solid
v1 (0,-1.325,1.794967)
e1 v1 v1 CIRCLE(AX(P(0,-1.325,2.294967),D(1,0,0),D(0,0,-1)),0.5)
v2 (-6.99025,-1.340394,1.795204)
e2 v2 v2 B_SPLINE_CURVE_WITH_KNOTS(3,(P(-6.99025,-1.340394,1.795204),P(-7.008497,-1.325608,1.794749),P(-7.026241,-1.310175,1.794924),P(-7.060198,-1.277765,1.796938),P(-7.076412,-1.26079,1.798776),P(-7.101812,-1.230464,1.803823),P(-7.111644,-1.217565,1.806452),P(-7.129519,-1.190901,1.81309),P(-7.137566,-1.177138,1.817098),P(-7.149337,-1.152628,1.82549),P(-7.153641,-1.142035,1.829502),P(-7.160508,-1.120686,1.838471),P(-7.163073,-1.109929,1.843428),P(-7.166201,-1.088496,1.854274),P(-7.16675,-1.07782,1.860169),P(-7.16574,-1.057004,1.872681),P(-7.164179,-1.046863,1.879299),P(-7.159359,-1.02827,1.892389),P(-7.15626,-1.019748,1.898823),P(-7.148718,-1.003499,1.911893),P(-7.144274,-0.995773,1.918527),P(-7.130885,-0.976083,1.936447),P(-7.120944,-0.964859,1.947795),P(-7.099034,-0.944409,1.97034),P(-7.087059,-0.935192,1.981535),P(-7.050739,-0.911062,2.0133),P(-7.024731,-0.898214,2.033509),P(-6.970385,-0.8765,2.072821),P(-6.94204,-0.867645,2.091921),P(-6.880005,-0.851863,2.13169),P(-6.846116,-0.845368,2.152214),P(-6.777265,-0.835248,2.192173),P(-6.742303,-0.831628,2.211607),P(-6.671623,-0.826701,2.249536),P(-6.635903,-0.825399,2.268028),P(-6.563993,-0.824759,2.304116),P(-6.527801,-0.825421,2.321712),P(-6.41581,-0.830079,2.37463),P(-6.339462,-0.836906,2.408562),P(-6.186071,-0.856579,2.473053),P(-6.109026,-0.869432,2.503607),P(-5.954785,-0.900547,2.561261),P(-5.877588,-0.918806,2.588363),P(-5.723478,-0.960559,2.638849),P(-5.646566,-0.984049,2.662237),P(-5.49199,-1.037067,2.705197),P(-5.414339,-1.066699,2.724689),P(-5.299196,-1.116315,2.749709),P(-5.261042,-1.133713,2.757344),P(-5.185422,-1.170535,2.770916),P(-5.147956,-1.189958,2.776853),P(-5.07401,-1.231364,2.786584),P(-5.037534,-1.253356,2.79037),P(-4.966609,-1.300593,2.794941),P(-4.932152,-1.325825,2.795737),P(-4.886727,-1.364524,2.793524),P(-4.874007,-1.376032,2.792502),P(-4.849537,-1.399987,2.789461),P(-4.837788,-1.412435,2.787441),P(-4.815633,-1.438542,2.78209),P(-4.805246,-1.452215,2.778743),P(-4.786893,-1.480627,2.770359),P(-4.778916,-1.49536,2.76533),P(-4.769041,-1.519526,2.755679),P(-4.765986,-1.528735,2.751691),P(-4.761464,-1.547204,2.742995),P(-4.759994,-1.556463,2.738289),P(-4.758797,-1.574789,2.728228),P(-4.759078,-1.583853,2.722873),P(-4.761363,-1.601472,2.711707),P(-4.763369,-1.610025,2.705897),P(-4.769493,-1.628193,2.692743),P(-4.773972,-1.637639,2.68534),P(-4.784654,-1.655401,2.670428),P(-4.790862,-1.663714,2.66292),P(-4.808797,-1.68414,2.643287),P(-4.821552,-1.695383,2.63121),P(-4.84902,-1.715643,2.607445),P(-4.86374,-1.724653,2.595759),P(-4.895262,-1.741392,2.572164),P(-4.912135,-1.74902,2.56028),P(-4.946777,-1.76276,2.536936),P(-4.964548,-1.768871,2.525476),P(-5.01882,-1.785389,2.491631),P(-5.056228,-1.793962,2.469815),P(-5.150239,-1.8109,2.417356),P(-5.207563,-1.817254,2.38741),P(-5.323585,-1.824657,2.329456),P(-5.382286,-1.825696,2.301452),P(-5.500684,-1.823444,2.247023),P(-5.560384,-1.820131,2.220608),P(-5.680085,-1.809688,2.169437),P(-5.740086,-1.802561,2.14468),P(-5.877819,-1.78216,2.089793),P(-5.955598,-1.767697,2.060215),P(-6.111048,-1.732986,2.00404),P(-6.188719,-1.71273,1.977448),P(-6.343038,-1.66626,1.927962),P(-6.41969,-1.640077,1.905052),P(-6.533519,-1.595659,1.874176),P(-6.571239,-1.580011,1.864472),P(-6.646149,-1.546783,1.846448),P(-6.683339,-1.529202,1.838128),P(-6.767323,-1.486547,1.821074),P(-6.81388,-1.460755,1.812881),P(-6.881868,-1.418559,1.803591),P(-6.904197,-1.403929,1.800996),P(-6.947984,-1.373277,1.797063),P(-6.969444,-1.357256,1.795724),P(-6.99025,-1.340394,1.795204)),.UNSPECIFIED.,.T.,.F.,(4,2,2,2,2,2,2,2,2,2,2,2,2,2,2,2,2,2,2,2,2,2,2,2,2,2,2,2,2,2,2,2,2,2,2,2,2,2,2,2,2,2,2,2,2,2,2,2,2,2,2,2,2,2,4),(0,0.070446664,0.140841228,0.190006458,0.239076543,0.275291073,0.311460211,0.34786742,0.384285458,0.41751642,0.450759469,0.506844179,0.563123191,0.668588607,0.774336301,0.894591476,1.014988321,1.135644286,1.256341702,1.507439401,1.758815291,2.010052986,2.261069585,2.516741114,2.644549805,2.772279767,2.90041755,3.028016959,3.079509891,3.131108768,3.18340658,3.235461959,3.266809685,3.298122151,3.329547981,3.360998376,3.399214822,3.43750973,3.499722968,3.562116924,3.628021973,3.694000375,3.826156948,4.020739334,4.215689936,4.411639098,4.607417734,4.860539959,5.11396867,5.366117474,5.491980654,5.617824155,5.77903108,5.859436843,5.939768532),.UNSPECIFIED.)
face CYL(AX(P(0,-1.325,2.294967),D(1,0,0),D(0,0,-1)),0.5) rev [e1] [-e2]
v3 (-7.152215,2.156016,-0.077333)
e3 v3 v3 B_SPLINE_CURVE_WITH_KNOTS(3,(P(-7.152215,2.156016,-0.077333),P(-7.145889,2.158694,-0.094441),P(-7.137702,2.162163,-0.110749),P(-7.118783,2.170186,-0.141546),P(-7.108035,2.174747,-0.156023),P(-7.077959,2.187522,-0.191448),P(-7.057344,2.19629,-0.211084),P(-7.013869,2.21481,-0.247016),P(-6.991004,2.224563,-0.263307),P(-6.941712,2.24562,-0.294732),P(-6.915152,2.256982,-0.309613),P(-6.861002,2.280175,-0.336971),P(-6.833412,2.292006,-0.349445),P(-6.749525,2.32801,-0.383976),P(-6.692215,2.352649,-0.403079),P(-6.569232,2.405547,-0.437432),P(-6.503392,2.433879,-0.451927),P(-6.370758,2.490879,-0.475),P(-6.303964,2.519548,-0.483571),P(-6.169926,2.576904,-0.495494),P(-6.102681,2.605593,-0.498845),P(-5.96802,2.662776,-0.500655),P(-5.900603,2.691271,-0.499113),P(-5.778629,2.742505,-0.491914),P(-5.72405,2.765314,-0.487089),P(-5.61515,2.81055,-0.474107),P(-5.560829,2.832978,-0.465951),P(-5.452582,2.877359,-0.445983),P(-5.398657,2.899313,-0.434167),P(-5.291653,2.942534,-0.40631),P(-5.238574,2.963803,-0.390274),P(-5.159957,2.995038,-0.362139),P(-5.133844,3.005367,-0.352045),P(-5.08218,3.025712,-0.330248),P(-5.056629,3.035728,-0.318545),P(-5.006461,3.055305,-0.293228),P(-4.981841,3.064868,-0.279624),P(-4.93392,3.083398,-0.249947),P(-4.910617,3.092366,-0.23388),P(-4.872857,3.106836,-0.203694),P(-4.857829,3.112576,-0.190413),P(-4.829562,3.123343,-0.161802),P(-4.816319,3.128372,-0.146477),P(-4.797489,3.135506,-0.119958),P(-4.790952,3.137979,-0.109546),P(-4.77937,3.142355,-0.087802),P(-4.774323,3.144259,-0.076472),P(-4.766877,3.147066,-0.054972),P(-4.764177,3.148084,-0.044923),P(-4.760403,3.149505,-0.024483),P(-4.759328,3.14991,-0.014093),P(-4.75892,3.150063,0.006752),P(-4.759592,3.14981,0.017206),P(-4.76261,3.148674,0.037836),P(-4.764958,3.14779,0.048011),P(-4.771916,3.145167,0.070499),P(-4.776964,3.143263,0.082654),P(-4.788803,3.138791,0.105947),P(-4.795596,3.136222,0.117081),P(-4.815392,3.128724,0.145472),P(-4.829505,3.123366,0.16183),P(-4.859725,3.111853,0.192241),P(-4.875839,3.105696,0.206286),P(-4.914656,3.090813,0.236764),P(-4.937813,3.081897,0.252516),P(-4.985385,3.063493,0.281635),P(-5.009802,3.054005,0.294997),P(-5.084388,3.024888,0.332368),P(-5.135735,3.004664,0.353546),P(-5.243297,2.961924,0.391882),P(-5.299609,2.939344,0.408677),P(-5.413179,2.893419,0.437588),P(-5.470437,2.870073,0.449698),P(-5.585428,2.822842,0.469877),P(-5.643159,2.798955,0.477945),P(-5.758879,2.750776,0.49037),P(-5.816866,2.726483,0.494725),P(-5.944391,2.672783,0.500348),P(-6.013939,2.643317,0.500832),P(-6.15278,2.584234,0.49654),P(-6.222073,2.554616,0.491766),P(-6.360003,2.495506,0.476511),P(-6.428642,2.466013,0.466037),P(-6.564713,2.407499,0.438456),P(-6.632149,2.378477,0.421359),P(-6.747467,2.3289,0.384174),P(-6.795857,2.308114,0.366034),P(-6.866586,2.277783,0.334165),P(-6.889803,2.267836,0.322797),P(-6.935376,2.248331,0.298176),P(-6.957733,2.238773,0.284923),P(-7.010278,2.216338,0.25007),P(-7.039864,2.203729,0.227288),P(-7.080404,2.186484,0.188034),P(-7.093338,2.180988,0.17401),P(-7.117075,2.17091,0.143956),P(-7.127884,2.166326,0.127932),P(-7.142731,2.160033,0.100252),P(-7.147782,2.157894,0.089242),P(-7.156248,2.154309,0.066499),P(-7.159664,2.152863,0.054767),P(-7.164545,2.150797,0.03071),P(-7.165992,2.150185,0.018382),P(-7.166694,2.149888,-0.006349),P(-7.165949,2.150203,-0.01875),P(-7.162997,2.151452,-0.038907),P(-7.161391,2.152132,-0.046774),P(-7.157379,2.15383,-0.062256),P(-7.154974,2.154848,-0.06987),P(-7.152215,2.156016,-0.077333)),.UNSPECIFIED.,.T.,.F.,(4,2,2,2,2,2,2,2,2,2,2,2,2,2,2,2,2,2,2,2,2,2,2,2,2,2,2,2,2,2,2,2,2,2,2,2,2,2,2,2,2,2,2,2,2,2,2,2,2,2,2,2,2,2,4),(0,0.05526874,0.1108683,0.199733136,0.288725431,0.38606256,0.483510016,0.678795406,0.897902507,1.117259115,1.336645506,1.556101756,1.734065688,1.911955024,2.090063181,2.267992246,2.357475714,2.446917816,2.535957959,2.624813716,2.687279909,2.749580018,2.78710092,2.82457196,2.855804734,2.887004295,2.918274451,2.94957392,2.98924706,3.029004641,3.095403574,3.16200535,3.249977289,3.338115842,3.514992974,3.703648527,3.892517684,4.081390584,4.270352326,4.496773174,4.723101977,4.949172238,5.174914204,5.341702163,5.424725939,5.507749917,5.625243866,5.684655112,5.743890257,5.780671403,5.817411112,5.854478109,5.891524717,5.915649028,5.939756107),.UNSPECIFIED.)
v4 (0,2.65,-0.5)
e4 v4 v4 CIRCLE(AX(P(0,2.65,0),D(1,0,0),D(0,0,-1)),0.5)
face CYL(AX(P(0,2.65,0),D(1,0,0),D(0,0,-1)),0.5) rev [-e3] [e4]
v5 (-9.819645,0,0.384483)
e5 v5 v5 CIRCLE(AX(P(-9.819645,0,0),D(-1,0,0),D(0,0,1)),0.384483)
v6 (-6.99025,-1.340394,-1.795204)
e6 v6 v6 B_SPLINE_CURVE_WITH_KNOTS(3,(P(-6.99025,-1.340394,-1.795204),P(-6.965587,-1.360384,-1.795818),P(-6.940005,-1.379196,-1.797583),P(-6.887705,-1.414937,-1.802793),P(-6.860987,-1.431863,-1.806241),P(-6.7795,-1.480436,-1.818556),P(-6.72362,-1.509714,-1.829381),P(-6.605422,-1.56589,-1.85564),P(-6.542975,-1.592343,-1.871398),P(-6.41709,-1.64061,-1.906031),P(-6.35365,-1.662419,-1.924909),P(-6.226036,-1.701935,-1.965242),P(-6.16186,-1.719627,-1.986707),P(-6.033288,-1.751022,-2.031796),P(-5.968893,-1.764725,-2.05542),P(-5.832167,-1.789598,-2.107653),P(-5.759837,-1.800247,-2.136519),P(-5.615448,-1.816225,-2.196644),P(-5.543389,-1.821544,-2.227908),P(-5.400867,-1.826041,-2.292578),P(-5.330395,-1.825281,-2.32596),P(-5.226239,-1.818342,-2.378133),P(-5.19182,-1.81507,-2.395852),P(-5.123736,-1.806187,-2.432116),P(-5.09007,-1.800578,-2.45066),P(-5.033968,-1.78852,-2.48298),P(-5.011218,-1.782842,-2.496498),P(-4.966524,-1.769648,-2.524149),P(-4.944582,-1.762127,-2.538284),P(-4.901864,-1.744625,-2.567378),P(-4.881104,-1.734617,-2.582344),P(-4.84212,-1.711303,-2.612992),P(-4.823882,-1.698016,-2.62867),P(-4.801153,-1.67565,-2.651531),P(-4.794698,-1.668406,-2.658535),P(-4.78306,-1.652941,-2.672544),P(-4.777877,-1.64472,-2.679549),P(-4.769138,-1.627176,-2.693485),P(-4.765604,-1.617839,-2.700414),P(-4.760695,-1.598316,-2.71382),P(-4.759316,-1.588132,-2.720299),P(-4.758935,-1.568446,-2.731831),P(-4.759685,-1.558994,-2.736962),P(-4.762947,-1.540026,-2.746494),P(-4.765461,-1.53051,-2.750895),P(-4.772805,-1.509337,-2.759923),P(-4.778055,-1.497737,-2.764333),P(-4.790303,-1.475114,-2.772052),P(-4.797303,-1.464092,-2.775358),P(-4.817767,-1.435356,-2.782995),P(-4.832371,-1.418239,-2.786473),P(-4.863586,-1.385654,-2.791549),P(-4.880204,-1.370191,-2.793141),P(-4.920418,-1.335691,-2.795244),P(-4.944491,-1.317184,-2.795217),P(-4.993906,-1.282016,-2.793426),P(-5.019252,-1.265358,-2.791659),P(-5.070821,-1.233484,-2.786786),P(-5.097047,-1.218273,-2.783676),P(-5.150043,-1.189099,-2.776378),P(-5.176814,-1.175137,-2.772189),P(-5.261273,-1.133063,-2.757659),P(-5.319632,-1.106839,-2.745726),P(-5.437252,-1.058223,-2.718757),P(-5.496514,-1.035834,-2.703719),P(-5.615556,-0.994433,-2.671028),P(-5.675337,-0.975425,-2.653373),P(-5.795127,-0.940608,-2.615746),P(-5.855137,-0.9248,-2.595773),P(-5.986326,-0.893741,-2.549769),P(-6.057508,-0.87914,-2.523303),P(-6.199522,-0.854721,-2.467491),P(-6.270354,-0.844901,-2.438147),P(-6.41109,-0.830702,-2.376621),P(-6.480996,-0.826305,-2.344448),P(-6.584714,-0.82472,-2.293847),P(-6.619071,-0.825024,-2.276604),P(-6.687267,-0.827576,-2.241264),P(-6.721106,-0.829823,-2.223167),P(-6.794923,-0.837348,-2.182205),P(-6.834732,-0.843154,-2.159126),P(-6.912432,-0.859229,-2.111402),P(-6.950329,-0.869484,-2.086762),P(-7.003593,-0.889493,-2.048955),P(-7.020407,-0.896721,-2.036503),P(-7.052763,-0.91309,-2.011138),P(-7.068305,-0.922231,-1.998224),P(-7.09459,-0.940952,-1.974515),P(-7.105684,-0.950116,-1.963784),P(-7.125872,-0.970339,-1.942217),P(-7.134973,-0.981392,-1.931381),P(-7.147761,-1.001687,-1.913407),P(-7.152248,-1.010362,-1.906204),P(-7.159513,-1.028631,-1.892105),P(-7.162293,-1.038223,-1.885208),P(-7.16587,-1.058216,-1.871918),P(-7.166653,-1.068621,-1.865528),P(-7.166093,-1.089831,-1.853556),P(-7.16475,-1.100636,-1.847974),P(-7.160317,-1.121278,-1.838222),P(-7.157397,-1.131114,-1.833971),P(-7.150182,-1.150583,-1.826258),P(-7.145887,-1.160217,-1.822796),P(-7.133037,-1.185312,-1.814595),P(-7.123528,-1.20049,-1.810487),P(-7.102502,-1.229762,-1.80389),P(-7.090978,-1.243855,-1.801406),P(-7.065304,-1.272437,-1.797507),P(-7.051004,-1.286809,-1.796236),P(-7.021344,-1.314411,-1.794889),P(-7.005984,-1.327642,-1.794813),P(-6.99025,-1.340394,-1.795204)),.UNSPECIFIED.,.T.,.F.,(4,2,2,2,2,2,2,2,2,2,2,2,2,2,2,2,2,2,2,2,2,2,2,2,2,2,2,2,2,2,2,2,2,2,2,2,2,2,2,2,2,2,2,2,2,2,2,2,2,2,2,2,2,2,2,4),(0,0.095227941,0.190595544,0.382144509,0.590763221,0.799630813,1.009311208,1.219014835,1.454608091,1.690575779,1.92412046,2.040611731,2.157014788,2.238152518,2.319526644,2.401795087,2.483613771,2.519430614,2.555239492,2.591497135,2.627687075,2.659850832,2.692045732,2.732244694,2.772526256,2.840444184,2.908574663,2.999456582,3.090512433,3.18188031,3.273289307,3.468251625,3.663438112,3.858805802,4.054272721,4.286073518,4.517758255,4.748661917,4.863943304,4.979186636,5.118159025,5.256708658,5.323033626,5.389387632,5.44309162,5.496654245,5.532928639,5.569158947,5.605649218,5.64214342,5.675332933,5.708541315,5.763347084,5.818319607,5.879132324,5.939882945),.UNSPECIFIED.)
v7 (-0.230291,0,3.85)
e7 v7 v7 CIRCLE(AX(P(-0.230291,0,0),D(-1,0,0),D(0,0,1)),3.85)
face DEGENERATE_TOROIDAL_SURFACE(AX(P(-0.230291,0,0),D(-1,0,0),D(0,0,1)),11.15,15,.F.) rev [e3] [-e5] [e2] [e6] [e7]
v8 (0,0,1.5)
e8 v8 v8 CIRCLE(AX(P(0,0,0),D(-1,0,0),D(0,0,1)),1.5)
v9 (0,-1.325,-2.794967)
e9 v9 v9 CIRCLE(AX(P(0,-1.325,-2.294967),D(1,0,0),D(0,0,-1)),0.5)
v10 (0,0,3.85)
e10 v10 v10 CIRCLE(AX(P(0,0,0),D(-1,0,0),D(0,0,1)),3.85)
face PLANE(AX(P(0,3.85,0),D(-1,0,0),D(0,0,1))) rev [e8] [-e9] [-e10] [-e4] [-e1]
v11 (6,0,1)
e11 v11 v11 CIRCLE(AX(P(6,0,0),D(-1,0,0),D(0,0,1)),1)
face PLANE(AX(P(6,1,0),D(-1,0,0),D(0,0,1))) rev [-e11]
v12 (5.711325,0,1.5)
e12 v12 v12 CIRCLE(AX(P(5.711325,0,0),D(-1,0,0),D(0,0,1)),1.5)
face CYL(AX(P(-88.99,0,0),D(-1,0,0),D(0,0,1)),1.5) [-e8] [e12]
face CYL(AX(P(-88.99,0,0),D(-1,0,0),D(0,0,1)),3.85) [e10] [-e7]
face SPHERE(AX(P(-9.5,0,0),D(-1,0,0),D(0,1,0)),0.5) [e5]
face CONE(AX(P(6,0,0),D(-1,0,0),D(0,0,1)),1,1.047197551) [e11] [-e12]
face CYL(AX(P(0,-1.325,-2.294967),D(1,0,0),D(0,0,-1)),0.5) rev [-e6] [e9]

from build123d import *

# Parameters (mm, degrees)
CIRPATTERN1_COUNT = 3


with BuildPart() as part:
    # Sketch1 → Revolve1 (revolve)
    with BuildSketch(Plane.XY):
        with BuildLine():
            Line((0, 3.85), (0, 1.5))
            Line((0, 1.5), (5.711324865, 1.5))
            Line((5.711324865, 1.5), (6, 1))
            Line((6, 1), (6, 0))
            Line((6, 0), (-10, 0))
            ThreePointArc((-10, 0), (-9.952671274, 0.212341041), (-9.819645129, 0.384482759))
            ThreePointArc((-9.819645129, 0.384482759), (-5.328465382, 2.957041529), (-0.230291267, 3.85))
            Line((-0.230291267, 3.85), (0, 3.85))
        make_face()
    revolve(axis=Axis((-88.99, 0, 0), (1, 0, 0)))

    # Sketch5 → Ø1.0mm Dowel Hole1 (revolve, cut)
    with BuildSketch(Plane(origin=(0, 2.65, 0), x_dir=(0, 0, -1), z_dir=(0, 1, 0))):
        Polygon((0, 0), (0, 8.80043031), (0.5, 8.5), (0.5, 0), align=None)
    f_1_0mm_dowel_hole1 = revolve(axis=Axis((6.35, 2.65, 0), (-1, 0, 0)), mode=Mode.SUBTRACT)

    # CirPattern1: Ø1.0mm Dowel Hole1 ×3 about axis
    cirpattern1_axis = Axis((0, 0, 0), (1, 0, 0))
    for i in range(1, CIRPATTERN1_COUNT):
        add(f_1_0mm_dowel_hole1.rotate(cirpattern1_axis, i * 360 / CIRPATTERN1_COUNT), mode=Mode.SUBTRACT)


solid = part.part
